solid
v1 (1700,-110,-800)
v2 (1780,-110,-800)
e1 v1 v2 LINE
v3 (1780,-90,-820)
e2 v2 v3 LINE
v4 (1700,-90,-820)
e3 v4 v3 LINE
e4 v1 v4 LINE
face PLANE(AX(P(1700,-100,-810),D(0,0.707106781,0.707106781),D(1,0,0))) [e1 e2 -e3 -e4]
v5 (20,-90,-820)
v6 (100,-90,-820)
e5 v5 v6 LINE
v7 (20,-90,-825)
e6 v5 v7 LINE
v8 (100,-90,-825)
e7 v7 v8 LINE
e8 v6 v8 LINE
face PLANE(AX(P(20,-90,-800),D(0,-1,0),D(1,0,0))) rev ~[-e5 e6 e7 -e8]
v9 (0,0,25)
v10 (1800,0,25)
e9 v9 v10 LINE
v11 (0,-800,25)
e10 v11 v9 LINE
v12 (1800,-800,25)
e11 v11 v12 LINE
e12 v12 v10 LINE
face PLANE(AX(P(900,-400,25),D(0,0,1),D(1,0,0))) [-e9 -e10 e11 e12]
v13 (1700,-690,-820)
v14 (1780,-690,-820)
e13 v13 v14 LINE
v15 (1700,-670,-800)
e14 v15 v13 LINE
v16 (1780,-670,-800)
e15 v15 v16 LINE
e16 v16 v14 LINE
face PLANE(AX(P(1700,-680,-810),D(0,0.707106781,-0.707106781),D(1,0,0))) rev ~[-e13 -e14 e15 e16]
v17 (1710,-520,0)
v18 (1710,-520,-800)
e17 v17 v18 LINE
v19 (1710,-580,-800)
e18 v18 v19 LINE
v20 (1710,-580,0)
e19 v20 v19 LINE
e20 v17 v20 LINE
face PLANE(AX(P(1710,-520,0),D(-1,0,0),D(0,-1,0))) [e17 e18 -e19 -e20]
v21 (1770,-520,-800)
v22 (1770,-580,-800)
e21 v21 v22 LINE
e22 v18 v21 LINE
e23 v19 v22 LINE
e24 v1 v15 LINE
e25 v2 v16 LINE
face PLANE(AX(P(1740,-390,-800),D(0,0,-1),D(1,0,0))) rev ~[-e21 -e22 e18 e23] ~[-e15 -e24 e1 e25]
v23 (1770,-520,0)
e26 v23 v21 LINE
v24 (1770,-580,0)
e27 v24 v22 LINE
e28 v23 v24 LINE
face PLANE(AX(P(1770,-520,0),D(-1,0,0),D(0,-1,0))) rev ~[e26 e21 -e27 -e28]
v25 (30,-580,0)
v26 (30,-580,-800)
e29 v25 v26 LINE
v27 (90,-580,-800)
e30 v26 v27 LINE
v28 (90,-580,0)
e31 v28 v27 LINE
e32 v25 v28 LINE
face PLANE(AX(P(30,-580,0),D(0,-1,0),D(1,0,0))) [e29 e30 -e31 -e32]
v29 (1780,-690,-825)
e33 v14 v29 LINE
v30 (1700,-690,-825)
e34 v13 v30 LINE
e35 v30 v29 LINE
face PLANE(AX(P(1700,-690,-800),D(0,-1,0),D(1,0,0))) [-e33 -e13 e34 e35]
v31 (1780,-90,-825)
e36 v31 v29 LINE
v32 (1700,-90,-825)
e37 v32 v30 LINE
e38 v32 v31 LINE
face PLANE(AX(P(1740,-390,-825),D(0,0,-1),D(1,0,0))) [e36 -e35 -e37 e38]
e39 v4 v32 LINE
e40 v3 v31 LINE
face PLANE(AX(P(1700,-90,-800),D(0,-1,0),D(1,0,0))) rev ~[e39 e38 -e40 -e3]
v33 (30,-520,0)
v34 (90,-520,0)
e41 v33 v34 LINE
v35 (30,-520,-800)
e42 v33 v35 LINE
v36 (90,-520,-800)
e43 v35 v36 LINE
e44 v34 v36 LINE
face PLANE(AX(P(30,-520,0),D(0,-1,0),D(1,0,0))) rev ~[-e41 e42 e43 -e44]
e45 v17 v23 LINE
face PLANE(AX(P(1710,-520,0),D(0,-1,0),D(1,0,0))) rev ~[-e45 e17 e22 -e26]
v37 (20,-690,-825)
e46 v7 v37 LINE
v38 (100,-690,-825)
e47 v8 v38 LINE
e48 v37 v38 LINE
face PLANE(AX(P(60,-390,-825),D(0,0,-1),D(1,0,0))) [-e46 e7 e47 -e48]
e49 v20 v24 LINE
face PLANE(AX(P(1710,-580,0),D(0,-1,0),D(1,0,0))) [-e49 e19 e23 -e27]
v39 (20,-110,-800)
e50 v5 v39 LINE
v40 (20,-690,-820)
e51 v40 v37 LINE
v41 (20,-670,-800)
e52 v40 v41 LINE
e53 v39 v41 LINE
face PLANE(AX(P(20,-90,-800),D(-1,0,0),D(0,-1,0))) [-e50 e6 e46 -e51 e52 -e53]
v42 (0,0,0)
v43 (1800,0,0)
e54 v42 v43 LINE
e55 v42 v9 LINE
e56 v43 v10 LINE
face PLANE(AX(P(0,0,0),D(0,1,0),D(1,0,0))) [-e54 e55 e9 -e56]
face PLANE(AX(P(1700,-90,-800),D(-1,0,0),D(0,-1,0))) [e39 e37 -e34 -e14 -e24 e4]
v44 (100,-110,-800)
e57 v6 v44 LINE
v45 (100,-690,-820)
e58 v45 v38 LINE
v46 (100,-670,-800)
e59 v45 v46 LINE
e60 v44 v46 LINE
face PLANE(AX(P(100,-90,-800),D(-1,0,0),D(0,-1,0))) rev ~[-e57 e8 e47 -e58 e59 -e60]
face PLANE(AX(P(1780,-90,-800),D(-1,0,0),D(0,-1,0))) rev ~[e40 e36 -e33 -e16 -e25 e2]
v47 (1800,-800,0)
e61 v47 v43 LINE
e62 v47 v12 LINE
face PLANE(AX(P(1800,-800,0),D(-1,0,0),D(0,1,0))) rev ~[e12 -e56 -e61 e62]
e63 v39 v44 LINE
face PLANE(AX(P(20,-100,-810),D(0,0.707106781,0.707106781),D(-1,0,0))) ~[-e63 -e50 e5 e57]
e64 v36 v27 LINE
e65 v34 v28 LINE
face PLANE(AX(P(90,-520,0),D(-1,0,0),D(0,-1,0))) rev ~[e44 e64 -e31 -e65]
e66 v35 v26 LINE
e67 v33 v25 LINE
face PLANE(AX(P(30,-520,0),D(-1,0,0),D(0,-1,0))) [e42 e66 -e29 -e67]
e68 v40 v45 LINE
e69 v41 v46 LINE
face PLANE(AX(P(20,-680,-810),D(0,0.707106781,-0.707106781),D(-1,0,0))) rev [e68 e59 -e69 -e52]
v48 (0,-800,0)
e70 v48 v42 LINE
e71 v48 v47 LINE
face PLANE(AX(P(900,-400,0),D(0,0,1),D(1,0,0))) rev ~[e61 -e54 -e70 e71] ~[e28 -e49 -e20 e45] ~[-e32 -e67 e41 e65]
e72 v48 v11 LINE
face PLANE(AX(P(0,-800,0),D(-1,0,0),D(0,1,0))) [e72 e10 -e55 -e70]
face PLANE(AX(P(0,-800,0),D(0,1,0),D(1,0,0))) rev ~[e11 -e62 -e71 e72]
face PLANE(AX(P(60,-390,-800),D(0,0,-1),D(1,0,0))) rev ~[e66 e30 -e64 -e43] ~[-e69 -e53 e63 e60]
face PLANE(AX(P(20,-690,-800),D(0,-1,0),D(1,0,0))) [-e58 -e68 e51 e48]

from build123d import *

# Parameters (mm, degrees)
F0_W     = 1800
F0_H     = 800
F1_DEPTH = 25
F2_W     = 60
F2_H     = 60
F3_DEPTH = 800
F4_W     = 80
F4_H     = 600
F5_DEPTH = 25
F6_SIZE  = 20


with BuildPart() as f1:
    # F0 (on Top) → F1 (new body)
    with BuildSketch(Plane.XY):
        with Locations((900, -400)):
            Rectangle(F0_W, F0_H)
    extrude(amount=F1_DEPTH)

    # F2 (on face) → F3 (join)
    with BuildSketch(Plane(origin=(0, 0, 0), x_dir=(1, 0, 0), z_dir=(0, 0, -1))):
        with Locations((60, 550)):
            Rectangle(F2_W, F2_H)
        with Locations((1740, 550)):
            Rectangle(F2_W, F2_H)
    extrude(amount=F3_DEPTH)

    # F4 (on face) → F5 (join)
    with BuildSketch(Plane(origin=(0, 0, -800), x_dir=(1, 0, 0), z_dir=(0, 0, -1))):
        with Locations((60, 390)):
            Rectangle(F4_W, F4_H)
        with Locations((1740, 390)):
            Rectangle(F4_W, F4_H)
    extrude(amount=F5_DEPTH)

    # F6
    f6_edges = [f1.edges().sort_by_distance(p)[0] for p in [
        (1740, -90, -800),
        (60, -90, -800),
        (60, -690, -800),
        (1740, -690, -800),
    ]]
    chamfer(f6_edges, length=F6_SIZE)


solid = f1.part
